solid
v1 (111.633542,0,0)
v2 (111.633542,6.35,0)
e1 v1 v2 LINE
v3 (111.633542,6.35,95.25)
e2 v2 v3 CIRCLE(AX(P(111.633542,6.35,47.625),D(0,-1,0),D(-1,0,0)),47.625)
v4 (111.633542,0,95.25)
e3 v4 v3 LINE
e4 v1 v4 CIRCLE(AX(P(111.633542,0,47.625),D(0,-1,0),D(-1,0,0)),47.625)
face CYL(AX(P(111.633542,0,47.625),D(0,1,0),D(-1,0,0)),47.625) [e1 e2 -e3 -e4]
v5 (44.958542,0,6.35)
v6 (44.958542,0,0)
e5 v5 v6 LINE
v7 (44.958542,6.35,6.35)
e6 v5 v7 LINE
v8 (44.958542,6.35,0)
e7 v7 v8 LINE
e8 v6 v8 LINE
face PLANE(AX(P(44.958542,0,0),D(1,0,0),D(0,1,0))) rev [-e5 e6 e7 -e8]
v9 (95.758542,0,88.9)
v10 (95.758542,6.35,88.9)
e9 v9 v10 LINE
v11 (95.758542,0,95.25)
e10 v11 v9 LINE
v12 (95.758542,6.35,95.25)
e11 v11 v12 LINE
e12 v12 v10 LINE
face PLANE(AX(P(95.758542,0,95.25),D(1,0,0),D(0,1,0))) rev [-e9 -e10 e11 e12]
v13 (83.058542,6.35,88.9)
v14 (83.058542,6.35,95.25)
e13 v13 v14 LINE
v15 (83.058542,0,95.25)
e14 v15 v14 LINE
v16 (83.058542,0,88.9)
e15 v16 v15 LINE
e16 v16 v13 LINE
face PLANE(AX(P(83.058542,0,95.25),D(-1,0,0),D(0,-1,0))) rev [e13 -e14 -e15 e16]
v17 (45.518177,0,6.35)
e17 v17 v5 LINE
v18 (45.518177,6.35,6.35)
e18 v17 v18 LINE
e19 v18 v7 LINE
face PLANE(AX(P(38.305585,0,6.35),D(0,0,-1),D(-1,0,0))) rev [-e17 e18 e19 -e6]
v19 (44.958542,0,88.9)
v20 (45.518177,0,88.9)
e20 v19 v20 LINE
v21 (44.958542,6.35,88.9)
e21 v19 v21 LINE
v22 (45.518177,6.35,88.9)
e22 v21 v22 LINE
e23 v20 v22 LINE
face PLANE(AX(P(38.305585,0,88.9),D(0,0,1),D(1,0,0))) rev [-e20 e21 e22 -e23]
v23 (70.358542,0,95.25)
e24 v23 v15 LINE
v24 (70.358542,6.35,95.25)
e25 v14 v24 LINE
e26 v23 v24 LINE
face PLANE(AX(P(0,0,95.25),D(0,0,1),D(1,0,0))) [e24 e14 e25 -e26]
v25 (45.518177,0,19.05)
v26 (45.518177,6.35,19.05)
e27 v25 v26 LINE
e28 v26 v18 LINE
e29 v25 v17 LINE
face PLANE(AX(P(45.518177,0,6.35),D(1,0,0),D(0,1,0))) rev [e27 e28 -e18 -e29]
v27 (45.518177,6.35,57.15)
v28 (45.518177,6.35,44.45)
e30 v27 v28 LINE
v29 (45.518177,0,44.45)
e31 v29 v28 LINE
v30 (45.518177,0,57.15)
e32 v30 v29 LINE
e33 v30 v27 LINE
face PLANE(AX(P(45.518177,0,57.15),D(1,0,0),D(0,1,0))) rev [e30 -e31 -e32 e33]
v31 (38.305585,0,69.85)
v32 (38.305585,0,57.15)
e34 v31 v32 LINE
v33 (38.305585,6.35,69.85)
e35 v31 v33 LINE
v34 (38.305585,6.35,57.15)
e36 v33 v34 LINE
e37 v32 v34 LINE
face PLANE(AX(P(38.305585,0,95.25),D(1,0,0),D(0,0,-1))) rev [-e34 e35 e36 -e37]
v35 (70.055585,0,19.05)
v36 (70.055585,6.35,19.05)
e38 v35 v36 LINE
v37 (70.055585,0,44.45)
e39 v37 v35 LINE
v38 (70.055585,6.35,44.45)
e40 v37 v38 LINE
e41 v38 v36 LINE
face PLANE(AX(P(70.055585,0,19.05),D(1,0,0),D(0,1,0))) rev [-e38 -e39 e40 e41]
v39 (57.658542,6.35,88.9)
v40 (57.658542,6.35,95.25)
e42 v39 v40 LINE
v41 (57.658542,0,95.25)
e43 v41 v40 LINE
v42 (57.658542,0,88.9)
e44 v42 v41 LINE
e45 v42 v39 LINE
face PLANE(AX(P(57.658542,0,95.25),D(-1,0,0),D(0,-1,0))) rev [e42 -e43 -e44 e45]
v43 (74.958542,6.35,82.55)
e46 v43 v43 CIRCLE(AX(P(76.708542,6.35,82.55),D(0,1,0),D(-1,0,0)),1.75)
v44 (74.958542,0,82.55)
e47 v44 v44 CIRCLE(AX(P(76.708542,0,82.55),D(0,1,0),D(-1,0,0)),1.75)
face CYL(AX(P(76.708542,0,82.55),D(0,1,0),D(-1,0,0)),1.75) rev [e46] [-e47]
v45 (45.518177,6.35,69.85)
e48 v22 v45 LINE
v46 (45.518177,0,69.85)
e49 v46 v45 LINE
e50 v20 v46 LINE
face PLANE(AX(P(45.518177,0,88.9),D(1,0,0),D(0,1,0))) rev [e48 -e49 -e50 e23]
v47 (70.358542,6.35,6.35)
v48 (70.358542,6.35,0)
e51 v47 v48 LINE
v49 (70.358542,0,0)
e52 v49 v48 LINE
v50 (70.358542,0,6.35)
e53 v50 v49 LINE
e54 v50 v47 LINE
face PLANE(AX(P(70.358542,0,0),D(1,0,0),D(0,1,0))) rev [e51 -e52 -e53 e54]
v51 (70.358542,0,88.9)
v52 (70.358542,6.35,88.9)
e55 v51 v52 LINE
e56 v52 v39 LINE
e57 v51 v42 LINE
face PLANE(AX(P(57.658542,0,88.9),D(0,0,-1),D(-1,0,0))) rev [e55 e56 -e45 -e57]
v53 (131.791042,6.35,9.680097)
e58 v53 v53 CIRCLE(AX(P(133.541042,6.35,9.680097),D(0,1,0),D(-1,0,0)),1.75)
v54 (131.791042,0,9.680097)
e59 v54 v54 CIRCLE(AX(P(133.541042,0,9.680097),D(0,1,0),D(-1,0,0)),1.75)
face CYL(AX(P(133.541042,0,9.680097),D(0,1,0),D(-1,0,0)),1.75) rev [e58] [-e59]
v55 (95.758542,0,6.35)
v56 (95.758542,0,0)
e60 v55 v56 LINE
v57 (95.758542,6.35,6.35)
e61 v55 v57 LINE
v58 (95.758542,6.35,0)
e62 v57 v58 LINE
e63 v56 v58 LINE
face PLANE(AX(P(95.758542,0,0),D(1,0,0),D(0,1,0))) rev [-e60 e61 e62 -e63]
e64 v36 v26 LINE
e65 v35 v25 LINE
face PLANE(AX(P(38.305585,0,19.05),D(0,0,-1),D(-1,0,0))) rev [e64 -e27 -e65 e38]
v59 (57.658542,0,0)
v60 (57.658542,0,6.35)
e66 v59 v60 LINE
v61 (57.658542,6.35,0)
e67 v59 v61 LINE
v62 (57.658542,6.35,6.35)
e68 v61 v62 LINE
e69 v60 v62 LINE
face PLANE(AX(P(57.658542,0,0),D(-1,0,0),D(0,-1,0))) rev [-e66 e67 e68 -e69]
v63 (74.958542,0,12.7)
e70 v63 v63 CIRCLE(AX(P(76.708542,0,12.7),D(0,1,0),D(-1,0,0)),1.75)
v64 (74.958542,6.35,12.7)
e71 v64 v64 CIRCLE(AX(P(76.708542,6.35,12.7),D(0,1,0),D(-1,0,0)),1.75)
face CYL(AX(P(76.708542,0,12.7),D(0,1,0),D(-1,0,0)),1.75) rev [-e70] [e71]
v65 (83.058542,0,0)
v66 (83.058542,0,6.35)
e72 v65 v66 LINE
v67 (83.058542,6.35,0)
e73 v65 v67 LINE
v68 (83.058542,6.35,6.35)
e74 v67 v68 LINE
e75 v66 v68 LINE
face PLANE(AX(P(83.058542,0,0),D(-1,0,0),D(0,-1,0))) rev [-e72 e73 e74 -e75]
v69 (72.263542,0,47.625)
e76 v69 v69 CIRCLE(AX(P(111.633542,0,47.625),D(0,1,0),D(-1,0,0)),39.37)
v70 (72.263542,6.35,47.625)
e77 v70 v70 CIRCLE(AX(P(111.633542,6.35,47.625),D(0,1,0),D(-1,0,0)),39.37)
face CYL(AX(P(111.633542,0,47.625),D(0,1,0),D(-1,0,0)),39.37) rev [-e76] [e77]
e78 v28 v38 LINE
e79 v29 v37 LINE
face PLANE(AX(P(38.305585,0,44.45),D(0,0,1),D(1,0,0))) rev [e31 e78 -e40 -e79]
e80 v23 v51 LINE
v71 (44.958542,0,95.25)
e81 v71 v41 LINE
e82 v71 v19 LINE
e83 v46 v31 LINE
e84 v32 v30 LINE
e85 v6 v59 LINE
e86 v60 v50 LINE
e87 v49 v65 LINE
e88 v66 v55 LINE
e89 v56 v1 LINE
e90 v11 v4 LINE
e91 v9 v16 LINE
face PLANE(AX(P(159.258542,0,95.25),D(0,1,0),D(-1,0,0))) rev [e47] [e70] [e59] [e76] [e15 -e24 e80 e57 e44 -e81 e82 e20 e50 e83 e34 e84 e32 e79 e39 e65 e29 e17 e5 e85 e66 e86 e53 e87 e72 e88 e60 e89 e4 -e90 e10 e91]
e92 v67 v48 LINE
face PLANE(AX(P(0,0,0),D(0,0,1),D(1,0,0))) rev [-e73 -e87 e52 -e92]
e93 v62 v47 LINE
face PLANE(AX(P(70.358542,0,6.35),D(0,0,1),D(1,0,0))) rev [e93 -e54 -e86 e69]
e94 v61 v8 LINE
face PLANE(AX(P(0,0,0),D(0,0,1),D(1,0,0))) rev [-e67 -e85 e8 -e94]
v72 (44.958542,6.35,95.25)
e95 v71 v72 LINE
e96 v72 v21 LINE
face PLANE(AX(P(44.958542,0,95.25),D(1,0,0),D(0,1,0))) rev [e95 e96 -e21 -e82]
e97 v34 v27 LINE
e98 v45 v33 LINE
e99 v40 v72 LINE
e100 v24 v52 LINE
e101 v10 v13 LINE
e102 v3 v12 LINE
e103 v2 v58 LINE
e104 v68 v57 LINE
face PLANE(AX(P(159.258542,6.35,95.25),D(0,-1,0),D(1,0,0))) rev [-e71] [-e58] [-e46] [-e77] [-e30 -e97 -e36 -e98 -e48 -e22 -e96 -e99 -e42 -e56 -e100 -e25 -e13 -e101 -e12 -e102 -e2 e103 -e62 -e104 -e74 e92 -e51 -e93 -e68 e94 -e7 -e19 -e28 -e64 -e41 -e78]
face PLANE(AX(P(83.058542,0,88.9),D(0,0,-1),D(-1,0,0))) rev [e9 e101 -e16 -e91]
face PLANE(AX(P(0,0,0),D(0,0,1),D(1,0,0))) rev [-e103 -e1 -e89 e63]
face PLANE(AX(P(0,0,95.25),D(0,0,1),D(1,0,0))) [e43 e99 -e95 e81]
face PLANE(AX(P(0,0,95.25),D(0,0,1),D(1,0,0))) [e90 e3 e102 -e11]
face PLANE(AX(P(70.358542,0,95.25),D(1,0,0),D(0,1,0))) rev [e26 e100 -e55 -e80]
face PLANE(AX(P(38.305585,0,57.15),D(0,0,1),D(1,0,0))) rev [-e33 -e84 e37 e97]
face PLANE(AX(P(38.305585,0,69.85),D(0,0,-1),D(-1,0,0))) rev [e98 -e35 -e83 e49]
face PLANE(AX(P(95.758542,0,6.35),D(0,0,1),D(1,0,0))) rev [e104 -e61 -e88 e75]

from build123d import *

# Parameters (mm, degrees)
SKETCH2_W           = 120.952956328
SKETCH2_H           = 6.35
BOSS_EXTRUDE1_DEPTH = 95.25
SKETCH3_R           = 39.37
CUT_EXTRUDE2_DEPTH  = 7.35
CUT_EXTRUDE3_DEPTH  = 7.35
SKETCH5_W           = 31.75
SKETCH5_H           = 25.4
CUT_EXTRUDE4_DEPTH  = 7.35
SKETCH6_W           = 12.7
SKETCH6_H           = 6.35
CUT_EXTRUDE5_DEPTH  = 7.35
LPATTERN1_COUNT     = 3
LPATTERN1_PITCH     = 25.4
SKETCH7_W           = 7.21259173
SKETCH7_H           = 12.7
SKETCH7_H_2         = 19.05
CUT_EXTRUDE6_DEPTH  = 7.35
SKETCH8_R           = 1.75
CUT_EXTRUDE7_DEPTH  = 7.35
SKETCH10_R          = 1.75
CUT_EXTRUDE9_DEPTH  = 7.35


with BuildPart() as part:
    # Sketch2 → Boss-Extrude1 (new body)
    with BuildSketch(Plane.XY):
        with Locations((98.782063621, 3.175)):
            Rectangle(SKETCH2_W, SKETCH2_H)
    extrude(amount=BOSS_EXTRUDE1_DEPTH)

    # Sketch3 → Cut-Extrude2 (cut, through all)
    with BuildSketch(Plane(origin=(0, 6.35, 0), x_dir=(1, 0, 0), z_dir=(0, 1, 0))):
        with Locations((111.633541785, -47.625)):
            Circle(SKETCH3_R)
    extrude(amount=-CUT_EXTRUDE2_DEPTH, mode=Mode.SUBTRACT)

    # Sketch4 → Cut-Extrude3 (cut, through all)
    with BuildSketch(Plane(origin=(0, 6.35, 0), x_dir=(1, 0, 0), z_dir=(0, 1, 0))):
        with BuildLine():
            Line((111.633541785, -95.25), (179.051442703, -95.25))
            Line((179.051442703, -95.25), (179.051442703, 0))
            Line((179.051442703, 0), (111.633541785, 0))
            ThreePointArc((111.633541785, 0), (159.258541785, -47.625), (111.633541785, -95.25))
        make_face()
    extrude(amount=-CUT_EXTRUDE3_DEPTH, mode=Mode.SUBTRACT)

    # Sketch5 → Cut-Extrude4 (cut, through all)
    with BuildSketch(Plane(origin=(0, 6.35, 0), x_dir=(1, 0, 0), z_dir=(0, 1, 0))):
        with Locations((54.180585457, -31.75)):
            Rectangle(SKETCH5_W, SKETCH5_H)
    extrude(amount=-CUT_EXTRUDE4_DEPTH, mode=Mode.SUBTRACT)

    # Sketch6 → Cut-Extrude5 (cut, through all)
    with BuildSketch(Plane(origin=(0, 6.35, 0), x_dir=(1, 0, 0), z_dir=(0, 1, 0))):
        with Locations((89.408541785, -3.175)):
            Rectangle(SKETCH6_W, SKETCH6_H)
        with Locations((89.408541785, -92.075)):
            Rectangle(SKETCH6_W, SKETCH6_H)
    cut_extrude5 = extrude(amount=-CUT_EXTRUDE5_DEPTH, mode=Mode.SUBTRACT)

    # LPattern1: Cut-Extrude5 ×3
    with Locations(*[(-i * LPATTERN1_PITCH, 0, 0) for i in range(1, LPATTERN1_COUNT)]):
        add(cut_extrude5, mode=Mode.SUBTRACT)

    # Sketch7 → Cut-Extrude6 (cut, through all)
    with BuildSketch(Plane(origin=(0, 6.35, 0), x_dir=(1, 0, 0), z_dir=(0, 1, 0))):
        with Locations((41.911881322, -12.7)):
            Rectangle(SKETCH7_W, SKETCH7_H)
        with Locations((41.911881322, -79.375)):
            Rectangle(SKETCH7_W, SKETCH7_H_2)
        with Locations((41.911881322, -50.8)):
            Rectangle(SKETCH7_W, SKETCH7_H)
    extrude(amount=-CUT_EXTRUDE6_DEPTH, mode=Mode.SUBTRACT)

    # Sketch8 → Cut-Extrude7 (cut, through all)
    with BuildSketch(Plane(origin=(0, 6.35, 0), x_dir=(1, 0, 0), z_dir=(0, 1, 0))):
        with Locations((76.708541785, -12.7)):
            Circle(SKETCH8_R)
        with Locations((76.708541785, -82.55)):
            Circle(SKETCH8_R)
    extrude(amount=-CUT_EXTRUDE7_DEPTH, mode=Mode.SUBTRACT)

    # Sketch10 → Cut-Extrude9 (cut, through all)
    with BuildSketch(Plane(origin=(0, 6.35, 0), x_dir=(1, 0, 0), z_dir=(0, 1, 0))):
        with Locations((133.541041785, -9.680096933)):
            Circle(SKETCH10_R)
    extrude(amount=-CUT_EXTRUDE9_DEPTH, mode=Mode.SUBTRACT)


solid = part.part
